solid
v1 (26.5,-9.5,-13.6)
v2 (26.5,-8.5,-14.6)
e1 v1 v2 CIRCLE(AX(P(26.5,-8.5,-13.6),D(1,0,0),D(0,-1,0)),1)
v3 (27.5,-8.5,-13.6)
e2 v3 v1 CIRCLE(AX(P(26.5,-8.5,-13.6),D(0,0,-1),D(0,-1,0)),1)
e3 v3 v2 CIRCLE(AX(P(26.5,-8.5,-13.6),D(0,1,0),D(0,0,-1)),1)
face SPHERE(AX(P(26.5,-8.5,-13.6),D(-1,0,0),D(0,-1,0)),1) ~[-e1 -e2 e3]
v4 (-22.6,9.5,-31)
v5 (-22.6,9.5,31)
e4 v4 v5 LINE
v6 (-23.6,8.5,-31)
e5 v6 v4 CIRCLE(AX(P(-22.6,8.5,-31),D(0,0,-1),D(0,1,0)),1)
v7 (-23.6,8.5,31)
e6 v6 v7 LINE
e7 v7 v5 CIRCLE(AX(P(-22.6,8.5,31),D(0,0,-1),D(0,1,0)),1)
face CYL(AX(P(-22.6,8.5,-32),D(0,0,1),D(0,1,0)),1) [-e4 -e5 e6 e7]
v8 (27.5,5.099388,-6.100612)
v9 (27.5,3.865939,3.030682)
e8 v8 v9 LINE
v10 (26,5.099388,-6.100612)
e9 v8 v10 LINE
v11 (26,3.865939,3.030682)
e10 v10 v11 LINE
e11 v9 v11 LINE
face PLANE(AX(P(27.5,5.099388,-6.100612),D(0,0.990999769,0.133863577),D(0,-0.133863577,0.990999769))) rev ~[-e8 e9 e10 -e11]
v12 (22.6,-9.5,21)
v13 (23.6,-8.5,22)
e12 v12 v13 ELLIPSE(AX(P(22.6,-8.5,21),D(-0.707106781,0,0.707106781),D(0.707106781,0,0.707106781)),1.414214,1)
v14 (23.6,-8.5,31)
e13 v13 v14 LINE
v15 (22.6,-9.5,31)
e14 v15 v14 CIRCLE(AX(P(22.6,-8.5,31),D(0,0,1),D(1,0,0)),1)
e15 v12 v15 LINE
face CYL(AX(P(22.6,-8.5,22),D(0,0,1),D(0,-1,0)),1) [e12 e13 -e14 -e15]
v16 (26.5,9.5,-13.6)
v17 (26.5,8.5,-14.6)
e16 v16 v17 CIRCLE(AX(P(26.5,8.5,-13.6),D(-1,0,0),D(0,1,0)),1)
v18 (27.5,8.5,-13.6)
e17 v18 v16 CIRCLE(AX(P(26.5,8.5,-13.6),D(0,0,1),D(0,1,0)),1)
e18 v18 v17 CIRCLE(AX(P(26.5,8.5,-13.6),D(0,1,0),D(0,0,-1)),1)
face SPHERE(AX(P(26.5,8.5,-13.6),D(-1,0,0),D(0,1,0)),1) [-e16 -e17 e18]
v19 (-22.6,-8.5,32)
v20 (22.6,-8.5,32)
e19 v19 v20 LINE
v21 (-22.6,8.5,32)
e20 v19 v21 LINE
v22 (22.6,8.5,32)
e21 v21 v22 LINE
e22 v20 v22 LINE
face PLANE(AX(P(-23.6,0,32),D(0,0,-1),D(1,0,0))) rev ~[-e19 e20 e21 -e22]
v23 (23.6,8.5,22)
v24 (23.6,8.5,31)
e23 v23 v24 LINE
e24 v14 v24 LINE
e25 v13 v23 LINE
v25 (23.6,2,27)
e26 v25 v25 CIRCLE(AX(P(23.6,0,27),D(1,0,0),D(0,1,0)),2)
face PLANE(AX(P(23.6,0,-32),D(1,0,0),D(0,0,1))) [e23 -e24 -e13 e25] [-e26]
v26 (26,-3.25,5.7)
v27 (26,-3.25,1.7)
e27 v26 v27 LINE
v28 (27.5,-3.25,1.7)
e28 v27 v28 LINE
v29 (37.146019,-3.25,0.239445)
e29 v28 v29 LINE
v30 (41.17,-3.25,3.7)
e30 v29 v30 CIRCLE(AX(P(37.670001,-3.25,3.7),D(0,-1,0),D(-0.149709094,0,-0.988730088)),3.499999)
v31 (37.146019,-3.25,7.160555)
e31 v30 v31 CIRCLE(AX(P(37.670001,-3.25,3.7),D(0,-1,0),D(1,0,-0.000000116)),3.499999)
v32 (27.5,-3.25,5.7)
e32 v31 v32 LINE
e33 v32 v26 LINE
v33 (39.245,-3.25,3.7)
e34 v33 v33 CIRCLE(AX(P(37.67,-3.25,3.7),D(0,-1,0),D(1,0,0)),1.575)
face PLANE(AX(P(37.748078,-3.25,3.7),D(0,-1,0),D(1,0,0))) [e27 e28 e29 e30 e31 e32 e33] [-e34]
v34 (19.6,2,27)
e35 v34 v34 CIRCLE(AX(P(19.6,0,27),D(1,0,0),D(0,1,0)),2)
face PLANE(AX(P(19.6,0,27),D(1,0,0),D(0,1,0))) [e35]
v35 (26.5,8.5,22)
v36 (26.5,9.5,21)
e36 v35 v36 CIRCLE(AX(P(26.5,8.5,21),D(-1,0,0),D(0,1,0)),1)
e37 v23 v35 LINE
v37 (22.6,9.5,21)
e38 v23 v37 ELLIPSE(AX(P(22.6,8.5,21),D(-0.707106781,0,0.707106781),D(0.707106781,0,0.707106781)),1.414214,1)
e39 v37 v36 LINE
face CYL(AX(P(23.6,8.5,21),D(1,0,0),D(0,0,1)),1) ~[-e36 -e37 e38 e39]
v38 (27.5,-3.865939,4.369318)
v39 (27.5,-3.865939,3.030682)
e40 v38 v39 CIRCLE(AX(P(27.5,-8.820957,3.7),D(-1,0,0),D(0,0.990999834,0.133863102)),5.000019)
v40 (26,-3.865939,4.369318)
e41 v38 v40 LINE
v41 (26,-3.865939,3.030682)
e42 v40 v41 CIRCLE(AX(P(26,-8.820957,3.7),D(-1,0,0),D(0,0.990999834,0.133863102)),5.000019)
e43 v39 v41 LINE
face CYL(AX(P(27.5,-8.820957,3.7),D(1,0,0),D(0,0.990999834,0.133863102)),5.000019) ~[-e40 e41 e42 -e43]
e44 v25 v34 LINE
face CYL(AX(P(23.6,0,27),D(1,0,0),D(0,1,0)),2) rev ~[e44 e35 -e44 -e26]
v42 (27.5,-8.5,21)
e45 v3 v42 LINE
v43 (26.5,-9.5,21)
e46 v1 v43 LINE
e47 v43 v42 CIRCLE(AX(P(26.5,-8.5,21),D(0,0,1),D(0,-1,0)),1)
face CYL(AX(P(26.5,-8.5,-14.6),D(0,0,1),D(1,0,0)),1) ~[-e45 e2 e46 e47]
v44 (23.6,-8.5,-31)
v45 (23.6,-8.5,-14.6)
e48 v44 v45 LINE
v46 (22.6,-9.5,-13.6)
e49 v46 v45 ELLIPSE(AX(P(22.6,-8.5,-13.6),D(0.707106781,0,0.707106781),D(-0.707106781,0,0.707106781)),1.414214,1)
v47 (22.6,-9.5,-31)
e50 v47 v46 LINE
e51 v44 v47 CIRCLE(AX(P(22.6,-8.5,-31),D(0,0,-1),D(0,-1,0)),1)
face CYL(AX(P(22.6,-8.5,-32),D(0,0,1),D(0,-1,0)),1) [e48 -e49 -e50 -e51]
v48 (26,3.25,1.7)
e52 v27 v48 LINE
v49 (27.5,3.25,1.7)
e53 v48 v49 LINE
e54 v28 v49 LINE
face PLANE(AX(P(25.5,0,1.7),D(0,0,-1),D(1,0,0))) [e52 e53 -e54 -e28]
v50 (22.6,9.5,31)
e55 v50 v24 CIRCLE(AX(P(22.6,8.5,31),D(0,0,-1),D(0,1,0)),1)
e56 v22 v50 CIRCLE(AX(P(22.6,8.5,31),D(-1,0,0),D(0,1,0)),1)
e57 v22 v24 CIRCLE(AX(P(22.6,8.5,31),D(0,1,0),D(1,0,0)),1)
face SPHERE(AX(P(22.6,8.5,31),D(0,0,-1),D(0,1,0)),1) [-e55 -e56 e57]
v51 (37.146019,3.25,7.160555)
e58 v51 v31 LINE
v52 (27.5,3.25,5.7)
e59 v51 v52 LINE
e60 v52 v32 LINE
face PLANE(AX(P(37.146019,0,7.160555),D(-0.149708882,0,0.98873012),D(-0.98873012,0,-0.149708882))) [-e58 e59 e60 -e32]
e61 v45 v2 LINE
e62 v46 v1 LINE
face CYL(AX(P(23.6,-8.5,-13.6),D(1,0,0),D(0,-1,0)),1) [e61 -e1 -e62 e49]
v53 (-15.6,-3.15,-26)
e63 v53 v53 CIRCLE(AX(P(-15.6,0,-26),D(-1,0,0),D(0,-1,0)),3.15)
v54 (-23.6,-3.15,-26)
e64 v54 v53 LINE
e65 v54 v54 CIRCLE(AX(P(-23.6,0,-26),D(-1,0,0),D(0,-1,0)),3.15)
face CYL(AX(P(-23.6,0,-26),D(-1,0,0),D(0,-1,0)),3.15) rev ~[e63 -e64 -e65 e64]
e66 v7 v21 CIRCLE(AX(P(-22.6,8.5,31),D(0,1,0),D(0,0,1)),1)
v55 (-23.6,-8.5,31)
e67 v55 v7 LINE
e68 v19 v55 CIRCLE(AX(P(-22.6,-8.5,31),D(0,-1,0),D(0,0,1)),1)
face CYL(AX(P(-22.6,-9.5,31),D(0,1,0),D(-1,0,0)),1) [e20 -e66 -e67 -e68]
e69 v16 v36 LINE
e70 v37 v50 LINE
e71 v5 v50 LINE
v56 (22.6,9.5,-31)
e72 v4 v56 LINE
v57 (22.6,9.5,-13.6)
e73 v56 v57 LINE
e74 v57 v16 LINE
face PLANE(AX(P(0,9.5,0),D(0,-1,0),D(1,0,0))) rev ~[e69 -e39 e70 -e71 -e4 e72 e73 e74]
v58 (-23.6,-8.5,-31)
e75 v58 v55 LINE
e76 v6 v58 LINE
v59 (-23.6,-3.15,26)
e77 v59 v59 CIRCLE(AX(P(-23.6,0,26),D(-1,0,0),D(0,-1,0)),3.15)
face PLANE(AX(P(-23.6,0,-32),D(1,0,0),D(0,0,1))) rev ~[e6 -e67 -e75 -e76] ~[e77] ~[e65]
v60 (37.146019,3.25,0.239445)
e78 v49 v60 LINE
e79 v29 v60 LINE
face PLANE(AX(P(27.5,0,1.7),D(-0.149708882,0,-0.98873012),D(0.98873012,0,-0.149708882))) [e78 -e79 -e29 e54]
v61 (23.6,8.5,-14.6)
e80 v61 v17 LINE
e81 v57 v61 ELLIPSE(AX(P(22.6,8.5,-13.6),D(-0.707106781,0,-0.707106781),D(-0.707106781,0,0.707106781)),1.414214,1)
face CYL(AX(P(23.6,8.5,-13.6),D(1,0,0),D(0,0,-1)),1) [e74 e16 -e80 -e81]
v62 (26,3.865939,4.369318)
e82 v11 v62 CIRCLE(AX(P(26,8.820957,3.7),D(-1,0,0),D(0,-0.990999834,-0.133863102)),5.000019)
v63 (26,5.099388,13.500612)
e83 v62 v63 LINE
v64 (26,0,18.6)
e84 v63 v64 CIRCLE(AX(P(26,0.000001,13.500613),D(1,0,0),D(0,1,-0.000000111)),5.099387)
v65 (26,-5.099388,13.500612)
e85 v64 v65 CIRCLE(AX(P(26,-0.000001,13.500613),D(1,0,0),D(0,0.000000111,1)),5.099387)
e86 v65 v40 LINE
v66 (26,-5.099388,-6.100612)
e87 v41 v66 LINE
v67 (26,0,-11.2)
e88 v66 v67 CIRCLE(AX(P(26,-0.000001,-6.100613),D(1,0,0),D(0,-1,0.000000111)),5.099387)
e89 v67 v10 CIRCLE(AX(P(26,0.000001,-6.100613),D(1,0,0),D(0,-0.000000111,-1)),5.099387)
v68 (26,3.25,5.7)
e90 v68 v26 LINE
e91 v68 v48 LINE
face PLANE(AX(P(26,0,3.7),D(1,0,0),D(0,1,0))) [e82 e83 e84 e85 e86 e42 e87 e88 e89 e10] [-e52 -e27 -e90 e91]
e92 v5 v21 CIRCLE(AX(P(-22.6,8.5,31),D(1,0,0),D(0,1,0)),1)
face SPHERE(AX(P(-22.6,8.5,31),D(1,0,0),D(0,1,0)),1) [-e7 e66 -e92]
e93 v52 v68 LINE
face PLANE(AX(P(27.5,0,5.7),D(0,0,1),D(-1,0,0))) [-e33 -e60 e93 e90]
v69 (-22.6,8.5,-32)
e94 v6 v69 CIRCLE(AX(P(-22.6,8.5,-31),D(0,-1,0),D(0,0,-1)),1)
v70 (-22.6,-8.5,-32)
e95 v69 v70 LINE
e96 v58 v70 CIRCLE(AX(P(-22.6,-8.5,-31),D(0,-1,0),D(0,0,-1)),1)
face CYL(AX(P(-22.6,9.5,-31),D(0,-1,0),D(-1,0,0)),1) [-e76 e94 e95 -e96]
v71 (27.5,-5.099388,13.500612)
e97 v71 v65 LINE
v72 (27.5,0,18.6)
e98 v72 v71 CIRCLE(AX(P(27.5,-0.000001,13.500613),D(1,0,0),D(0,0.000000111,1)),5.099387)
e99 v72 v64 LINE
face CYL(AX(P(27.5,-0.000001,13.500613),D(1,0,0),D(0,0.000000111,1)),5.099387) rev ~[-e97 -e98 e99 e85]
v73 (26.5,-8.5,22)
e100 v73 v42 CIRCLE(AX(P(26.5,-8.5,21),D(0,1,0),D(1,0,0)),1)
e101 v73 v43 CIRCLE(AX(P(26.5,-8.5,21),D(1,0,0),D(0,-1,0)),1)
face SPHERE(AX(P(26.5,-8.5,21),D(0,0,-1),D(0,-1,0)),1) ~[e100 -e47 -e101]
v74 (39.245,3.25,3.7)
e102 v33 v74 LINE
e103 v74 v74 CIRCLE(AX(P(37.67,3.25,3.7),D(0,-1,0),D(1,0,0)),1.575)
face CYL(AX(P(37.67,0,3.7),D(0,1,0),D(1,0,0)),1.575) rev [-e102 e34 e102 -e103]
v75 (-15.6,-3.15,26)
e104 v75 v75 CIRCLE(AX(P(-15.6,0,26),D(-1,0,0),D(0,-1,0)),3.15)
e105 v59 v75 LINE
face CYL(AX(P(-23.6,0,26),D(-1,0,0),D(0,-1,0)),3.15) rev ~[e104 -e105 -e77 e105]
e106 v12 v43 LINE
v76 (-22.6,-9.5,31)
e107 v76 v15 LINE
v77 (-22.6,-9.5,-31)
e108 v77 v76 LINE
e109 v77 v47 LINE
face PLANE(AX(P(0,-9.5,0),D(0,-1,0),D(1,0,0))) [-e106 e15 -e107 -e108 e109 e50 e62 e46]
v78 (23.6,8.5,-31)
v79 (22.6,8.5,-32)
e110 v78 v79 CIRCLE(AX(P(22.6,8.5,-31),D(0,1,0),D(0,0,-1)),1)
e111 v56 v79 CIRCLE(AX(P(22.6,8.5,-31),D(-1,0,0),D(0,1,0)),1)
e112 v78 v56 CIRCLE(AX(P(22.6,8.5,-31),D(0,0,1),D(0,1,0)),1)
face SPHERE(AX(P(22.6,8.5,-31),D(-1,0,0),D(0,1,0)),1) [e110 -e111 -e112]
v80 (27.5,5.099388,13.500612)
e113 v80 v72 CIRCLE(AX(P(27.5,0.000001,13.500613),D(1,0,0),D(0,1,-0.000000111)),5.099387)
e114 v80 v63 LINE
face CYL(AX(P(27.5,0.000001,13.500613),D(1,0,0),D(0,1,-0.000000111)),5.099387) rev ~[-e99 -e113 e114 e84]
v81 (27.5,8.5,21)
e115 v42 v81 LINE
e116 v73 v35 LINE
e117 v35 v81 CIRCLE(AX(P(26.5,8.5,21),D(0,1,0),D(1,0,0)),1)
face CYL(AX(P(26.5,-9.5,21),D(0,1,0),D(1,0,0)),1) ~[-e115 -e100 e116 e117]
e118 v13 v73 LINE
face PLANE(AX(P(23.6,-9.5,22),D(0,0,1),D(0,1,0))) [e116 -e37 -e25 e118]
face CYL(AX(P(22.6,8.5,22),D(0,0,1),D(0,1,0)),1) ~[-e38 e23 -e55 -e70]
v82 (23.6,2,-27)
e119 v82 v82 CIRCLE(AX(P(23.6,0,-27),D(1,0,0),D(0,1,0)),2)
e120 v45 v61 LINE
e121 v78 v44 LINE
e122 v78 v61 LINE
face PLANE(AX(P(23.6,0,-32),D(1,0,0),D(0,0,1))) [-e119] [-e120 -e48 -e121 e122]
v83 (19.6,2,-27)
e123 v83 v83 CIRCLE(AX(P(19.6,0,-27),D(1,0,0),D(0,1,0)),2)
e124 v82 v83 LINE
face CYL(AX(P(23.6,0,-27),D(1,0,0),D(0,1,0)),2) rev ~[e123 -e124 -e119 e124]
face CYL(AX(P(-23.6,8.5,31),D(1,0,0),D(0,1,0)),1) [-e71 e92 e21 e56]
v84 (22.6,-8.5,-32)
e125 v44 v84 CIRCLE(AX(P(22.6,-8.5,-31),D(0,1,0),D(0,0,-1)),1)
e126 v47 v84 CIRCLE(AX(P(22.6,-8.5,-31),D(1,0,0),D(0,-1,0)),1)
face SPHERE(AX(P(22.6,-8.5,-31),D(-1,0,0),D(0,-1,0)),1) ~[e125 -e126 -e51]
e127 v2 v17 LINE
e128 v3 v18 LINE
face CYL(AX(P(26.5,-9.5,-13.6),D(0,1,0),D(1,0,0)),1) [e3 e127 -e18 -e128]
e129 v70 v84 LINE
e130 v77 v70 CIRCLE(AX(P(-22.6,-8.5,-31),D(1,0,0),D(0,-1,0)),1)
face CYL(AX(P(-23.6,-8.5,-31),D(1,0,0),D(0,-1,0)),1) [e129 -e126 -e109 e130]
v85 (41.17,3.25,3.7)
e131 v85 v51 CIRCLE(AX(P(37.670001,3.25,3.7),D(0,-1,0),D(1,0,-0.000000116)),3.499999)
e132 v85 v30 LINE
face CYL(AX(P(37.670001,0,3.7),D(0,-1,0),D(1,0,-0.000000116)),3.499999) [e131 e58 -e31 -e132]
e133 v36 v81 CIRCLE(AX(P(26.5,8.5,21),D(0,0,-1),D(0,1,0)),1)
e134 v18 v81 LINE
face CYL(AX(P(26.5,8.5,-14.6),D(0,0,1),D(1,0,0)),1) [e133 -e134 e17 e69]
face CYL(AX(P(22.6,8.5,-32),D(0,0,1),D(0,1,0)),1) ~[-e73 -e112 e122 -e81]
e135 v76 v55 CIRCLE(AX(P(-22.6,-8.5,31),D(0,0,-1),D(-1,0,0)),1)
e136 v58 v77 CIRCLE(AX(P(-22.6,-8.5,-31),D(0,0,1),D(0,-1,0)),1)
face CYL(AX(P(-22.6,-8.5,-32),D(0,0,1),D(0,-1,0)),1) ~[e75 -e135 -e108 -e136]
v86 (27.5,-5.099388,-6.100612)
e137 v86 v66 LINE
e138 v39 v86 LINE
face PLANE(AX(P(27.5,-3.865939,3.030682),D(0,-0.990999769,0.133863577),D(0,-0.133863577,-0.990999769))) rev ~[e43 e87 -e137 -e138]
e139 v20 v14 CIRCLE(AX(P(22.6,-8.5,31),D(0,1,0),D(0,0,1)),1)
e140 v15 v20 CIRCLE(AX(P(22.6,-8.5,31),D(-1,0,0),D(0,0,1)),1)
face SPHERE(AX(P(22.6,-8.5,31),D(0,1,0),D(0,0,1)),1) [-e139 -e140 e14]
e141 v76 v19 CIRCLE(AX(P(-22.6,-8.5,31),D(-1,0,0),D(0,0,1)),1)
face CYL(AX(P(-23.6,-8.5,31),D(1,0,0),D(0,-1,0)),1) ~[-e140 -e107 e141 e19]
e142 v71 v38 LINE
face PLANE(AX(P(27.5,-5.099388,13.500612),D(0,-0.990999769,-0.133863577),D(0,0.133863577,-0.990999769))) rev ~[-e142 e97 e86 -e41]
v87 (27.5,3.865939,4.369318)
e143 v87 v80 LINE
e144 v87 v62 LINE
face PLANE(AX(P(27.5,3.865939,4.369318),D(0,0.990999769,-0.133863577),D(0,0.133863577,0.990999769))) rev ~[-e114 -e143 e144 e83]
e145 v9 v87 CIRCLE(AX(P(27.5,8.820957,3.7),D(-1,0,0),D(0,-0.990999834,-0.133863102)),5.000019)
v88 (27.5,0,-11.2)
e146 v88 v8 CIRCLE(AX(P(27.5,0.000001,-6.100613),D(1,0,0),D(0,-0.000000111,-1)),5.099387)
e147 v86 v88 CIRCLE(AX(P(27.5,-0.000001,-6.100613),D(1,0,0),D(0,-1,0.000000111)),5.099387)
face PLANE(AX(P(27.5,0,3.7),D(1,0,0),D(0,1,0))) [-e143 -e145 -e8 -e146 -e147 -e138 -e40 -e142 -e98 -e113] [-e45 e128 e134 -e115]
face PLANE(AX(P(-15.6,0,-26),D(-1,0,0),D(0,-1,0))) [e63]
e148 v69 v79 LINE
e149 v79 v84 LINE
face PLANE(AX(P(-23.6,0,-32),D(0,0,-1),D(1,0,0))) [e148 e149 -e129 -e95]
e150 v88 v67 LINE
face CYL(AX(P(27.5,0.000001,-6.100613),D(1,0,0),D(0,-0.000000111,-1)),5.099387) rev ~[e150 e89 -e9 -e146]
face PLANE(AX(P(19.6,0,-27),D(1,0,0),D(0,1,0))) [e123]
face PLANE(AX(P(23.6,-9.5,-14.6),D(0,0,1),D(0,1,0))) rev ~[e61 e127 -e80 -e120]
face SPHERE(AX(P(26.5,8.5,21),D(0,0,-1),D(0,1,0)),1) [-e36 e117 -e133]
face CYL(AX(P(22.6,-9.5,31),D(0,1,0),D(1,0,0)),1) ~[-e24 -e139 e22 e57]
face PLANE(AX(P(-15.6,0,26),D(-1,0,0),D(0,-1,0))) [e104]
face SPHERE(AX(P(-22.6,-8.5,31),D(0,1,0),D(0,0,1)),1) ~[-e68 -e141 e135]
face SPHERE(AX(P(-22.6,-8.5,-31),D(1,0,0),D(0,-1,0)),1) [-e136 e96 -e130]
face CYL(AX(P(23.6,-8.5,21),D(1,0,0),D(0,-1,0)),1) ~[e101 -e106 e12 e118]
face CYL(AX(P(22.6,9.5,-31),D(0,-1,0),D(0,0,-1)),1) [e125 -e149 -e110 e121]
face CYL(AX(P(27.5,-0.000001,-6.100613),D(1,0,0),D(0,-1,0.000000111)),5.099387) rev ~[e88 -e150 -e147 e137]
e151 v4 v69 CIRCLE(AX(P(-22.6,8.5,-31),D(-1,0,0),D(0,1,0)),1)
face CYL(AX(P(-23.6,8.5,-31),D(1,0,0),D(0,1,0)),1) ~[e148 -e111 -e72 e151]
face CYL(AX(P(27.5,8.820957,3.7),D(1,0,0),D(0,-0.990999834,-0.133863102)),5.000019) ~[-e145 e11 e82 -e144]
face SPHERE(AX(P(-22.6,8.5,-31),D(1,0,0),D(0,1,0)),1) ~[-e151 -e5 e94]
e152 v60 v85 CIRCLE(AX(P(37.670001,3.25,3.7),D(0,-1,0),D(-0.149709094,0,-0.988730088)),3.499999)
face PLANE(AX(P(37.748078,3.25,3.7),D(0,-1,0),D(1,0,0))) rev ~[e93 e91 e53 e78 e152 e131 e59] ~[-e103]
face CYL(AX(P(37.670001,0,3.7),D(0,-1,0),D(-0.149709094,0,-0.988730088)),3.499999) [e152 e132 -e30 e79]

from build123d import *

# Parameters (mm, degrees)
F0_W      = 47.2
F0_H      = 64
F1_DEPTH  = 9.5
F2_W      = 19
F2_H      = 36.6
F3_DEPTH  = 3.9
F5_DEPTH  = 1.5
F6_R      = 3.15
F7_DEPTH  = 8
F8_R      = 2
F9_DEPTH  = 4
F10_R     = 1.575
F11_DEPTH = 3.25
F12_R     = 1


with BuildPart() as f1:
    # F0 (on Front) → F1 (new body, symmetric)
    with BuildSketch(Plane.XZ):
        Rectangle(F0_W, F0_H)
    extrude(amount=F1_DEPTH, both=True)

    # F2 (on face) → F3 (join)
    with BuildSketch(Plane.YZ.offset(23.6)):
        with Locations((0, 3.7)):
            Rectangle(F2_W, F2_H)
    extrude(amount=F3_DEPTH)

    # F4 (on face) → F5 (cut)
    with BuildSketch(Plane.YZ.offset(27.5)):
        with BuildLine():
            ThreePointArc((3.865939, 3.030682), (3.820938, 3.7), (3.865939, 4.369318))
            Line((3.865939, 4.369318), (5.099388, 13.500612))
            ThreePointArc((5.099388, 13.500612), (3.605812, 17.106424), (0, 18.6))
            ThreePointArc((0, 18.6), (-3.605812, 17.106424), (-5.099388, 13.500612))
            Line((-5.099388, 13.500612), (-3.865939, 4.369318))
            ThreePointArc((-3.865939, 4.369318), (-3.820938, 3.7), (-3.865939, 3.030682))
            Line((-3.865939, 3.030682), (-5.099388, -6.100612))
            ThreePointArc((-5.099388, -6.100612), (-3.605812, -9.706424), (0, -11.2))
            ThreePointArc((0, -11.2), (3.605812, -9.706424), (5.099388, -6.100612))
            Line((5.099388, -6.100612), (3.865939, 3.030682))
        make_face()
    extrude(amount=-F5_DEPTH, mode=Mode.SUBTRACT)

    # F6 (on face) → F7 (cut)
    with BuildSketch(Plane(origin=(-23.6, 0, 0), x_dir=(0, -1, 0), z_dir=(-1, 0, 0))):
        with Locations((0, 26)):
            Circle(F6_R)
        with Locations((0, -26)):
            Circle(F6_R)
    extrude(amount=-F7_DEPTH, mode=Mode.SUBTRACT)

    # F8 (on face) → F9 (cut)
    with BuildSketch(Plane.YZ.offset(23.6)):
        with Locations((0, 27)):
            Circle(F8_R)
        with Locations((0, -27)):
            Circle(F8_R)
    extrude(amount=-F9_DEPTH, mode=Mode.SUBTRACT)

    # F10 (on Front) → F11 (join, symmetric)
    with BuildSketch(Plane.XZ):
        with BuildLine():
            ThreePointArc((37.146019, 0.239445), (39.952111, 1.046329), (41.17, 3.7))
            ThreePointArc((41.17, 3.7), (39.952111, 6.353671), (37.146019, 7.160555))
            ThreePointArc((37.146019, 7.160555), (34.17, 3.7), (37.146019, 0.239445))
        make_face()
        with Locations((37.67, 3.7)):
            Circle(F10_R, mode=Mode.SUBTRACT)
        with BuildLine():
            ThreePointArc((37.146019, 0.239445), (34.17, 3.7), (37.146019, 7.160555))
            Line((37.146019, 7.160555), (27.5, 5.7))
            Line((27.5, 5.7), (25.5, 5.7))
            Line((25.5, 5.7), (25.5, 1.7))
            Line((25.5, 1.7), (27.5, 1.7))
            Line((27.5, 1.7), (37.146019, 0.239445))
        make_face()
    extrude(amount=F11_DEPTH, both=True)

    # F12
    f12_edges = [f1.edges().sort_by_distance(p)[0] for p in [
        (0, 9.5, -32),
        (23.6, 9.5, -23.3),
        (25.55, 9.5, -14.6),
        (27.5, 9.5, 3.7),
        (25.55, 9.5, 22),
        (23.6, 9.5, 27),
        (0, 9.5, 32),
        (-23.6, 9.5, 0),
        (23.6, 0, 32),
        (-23.6, 0, 32),
        (0, -9.5, 32),
        (0, -9.5, -32),
        (23.6, -9.5, -23.3),
        (25.55, -9.5, -14.6),
        (27.5, -9.5, 3.7),
        (25.55, -9.5, 22),
        (23.6, -9.5, 27),
        (-23.6, -9.5, 0),
        (27.5, 0, -14.6),
        (27.5, 0, 22),
        (23.6, 0, -32),
        (-23.6, 0, -32),
    ]]
    fillet(f12_edges, radius=F12_R)


solid = f1.part
